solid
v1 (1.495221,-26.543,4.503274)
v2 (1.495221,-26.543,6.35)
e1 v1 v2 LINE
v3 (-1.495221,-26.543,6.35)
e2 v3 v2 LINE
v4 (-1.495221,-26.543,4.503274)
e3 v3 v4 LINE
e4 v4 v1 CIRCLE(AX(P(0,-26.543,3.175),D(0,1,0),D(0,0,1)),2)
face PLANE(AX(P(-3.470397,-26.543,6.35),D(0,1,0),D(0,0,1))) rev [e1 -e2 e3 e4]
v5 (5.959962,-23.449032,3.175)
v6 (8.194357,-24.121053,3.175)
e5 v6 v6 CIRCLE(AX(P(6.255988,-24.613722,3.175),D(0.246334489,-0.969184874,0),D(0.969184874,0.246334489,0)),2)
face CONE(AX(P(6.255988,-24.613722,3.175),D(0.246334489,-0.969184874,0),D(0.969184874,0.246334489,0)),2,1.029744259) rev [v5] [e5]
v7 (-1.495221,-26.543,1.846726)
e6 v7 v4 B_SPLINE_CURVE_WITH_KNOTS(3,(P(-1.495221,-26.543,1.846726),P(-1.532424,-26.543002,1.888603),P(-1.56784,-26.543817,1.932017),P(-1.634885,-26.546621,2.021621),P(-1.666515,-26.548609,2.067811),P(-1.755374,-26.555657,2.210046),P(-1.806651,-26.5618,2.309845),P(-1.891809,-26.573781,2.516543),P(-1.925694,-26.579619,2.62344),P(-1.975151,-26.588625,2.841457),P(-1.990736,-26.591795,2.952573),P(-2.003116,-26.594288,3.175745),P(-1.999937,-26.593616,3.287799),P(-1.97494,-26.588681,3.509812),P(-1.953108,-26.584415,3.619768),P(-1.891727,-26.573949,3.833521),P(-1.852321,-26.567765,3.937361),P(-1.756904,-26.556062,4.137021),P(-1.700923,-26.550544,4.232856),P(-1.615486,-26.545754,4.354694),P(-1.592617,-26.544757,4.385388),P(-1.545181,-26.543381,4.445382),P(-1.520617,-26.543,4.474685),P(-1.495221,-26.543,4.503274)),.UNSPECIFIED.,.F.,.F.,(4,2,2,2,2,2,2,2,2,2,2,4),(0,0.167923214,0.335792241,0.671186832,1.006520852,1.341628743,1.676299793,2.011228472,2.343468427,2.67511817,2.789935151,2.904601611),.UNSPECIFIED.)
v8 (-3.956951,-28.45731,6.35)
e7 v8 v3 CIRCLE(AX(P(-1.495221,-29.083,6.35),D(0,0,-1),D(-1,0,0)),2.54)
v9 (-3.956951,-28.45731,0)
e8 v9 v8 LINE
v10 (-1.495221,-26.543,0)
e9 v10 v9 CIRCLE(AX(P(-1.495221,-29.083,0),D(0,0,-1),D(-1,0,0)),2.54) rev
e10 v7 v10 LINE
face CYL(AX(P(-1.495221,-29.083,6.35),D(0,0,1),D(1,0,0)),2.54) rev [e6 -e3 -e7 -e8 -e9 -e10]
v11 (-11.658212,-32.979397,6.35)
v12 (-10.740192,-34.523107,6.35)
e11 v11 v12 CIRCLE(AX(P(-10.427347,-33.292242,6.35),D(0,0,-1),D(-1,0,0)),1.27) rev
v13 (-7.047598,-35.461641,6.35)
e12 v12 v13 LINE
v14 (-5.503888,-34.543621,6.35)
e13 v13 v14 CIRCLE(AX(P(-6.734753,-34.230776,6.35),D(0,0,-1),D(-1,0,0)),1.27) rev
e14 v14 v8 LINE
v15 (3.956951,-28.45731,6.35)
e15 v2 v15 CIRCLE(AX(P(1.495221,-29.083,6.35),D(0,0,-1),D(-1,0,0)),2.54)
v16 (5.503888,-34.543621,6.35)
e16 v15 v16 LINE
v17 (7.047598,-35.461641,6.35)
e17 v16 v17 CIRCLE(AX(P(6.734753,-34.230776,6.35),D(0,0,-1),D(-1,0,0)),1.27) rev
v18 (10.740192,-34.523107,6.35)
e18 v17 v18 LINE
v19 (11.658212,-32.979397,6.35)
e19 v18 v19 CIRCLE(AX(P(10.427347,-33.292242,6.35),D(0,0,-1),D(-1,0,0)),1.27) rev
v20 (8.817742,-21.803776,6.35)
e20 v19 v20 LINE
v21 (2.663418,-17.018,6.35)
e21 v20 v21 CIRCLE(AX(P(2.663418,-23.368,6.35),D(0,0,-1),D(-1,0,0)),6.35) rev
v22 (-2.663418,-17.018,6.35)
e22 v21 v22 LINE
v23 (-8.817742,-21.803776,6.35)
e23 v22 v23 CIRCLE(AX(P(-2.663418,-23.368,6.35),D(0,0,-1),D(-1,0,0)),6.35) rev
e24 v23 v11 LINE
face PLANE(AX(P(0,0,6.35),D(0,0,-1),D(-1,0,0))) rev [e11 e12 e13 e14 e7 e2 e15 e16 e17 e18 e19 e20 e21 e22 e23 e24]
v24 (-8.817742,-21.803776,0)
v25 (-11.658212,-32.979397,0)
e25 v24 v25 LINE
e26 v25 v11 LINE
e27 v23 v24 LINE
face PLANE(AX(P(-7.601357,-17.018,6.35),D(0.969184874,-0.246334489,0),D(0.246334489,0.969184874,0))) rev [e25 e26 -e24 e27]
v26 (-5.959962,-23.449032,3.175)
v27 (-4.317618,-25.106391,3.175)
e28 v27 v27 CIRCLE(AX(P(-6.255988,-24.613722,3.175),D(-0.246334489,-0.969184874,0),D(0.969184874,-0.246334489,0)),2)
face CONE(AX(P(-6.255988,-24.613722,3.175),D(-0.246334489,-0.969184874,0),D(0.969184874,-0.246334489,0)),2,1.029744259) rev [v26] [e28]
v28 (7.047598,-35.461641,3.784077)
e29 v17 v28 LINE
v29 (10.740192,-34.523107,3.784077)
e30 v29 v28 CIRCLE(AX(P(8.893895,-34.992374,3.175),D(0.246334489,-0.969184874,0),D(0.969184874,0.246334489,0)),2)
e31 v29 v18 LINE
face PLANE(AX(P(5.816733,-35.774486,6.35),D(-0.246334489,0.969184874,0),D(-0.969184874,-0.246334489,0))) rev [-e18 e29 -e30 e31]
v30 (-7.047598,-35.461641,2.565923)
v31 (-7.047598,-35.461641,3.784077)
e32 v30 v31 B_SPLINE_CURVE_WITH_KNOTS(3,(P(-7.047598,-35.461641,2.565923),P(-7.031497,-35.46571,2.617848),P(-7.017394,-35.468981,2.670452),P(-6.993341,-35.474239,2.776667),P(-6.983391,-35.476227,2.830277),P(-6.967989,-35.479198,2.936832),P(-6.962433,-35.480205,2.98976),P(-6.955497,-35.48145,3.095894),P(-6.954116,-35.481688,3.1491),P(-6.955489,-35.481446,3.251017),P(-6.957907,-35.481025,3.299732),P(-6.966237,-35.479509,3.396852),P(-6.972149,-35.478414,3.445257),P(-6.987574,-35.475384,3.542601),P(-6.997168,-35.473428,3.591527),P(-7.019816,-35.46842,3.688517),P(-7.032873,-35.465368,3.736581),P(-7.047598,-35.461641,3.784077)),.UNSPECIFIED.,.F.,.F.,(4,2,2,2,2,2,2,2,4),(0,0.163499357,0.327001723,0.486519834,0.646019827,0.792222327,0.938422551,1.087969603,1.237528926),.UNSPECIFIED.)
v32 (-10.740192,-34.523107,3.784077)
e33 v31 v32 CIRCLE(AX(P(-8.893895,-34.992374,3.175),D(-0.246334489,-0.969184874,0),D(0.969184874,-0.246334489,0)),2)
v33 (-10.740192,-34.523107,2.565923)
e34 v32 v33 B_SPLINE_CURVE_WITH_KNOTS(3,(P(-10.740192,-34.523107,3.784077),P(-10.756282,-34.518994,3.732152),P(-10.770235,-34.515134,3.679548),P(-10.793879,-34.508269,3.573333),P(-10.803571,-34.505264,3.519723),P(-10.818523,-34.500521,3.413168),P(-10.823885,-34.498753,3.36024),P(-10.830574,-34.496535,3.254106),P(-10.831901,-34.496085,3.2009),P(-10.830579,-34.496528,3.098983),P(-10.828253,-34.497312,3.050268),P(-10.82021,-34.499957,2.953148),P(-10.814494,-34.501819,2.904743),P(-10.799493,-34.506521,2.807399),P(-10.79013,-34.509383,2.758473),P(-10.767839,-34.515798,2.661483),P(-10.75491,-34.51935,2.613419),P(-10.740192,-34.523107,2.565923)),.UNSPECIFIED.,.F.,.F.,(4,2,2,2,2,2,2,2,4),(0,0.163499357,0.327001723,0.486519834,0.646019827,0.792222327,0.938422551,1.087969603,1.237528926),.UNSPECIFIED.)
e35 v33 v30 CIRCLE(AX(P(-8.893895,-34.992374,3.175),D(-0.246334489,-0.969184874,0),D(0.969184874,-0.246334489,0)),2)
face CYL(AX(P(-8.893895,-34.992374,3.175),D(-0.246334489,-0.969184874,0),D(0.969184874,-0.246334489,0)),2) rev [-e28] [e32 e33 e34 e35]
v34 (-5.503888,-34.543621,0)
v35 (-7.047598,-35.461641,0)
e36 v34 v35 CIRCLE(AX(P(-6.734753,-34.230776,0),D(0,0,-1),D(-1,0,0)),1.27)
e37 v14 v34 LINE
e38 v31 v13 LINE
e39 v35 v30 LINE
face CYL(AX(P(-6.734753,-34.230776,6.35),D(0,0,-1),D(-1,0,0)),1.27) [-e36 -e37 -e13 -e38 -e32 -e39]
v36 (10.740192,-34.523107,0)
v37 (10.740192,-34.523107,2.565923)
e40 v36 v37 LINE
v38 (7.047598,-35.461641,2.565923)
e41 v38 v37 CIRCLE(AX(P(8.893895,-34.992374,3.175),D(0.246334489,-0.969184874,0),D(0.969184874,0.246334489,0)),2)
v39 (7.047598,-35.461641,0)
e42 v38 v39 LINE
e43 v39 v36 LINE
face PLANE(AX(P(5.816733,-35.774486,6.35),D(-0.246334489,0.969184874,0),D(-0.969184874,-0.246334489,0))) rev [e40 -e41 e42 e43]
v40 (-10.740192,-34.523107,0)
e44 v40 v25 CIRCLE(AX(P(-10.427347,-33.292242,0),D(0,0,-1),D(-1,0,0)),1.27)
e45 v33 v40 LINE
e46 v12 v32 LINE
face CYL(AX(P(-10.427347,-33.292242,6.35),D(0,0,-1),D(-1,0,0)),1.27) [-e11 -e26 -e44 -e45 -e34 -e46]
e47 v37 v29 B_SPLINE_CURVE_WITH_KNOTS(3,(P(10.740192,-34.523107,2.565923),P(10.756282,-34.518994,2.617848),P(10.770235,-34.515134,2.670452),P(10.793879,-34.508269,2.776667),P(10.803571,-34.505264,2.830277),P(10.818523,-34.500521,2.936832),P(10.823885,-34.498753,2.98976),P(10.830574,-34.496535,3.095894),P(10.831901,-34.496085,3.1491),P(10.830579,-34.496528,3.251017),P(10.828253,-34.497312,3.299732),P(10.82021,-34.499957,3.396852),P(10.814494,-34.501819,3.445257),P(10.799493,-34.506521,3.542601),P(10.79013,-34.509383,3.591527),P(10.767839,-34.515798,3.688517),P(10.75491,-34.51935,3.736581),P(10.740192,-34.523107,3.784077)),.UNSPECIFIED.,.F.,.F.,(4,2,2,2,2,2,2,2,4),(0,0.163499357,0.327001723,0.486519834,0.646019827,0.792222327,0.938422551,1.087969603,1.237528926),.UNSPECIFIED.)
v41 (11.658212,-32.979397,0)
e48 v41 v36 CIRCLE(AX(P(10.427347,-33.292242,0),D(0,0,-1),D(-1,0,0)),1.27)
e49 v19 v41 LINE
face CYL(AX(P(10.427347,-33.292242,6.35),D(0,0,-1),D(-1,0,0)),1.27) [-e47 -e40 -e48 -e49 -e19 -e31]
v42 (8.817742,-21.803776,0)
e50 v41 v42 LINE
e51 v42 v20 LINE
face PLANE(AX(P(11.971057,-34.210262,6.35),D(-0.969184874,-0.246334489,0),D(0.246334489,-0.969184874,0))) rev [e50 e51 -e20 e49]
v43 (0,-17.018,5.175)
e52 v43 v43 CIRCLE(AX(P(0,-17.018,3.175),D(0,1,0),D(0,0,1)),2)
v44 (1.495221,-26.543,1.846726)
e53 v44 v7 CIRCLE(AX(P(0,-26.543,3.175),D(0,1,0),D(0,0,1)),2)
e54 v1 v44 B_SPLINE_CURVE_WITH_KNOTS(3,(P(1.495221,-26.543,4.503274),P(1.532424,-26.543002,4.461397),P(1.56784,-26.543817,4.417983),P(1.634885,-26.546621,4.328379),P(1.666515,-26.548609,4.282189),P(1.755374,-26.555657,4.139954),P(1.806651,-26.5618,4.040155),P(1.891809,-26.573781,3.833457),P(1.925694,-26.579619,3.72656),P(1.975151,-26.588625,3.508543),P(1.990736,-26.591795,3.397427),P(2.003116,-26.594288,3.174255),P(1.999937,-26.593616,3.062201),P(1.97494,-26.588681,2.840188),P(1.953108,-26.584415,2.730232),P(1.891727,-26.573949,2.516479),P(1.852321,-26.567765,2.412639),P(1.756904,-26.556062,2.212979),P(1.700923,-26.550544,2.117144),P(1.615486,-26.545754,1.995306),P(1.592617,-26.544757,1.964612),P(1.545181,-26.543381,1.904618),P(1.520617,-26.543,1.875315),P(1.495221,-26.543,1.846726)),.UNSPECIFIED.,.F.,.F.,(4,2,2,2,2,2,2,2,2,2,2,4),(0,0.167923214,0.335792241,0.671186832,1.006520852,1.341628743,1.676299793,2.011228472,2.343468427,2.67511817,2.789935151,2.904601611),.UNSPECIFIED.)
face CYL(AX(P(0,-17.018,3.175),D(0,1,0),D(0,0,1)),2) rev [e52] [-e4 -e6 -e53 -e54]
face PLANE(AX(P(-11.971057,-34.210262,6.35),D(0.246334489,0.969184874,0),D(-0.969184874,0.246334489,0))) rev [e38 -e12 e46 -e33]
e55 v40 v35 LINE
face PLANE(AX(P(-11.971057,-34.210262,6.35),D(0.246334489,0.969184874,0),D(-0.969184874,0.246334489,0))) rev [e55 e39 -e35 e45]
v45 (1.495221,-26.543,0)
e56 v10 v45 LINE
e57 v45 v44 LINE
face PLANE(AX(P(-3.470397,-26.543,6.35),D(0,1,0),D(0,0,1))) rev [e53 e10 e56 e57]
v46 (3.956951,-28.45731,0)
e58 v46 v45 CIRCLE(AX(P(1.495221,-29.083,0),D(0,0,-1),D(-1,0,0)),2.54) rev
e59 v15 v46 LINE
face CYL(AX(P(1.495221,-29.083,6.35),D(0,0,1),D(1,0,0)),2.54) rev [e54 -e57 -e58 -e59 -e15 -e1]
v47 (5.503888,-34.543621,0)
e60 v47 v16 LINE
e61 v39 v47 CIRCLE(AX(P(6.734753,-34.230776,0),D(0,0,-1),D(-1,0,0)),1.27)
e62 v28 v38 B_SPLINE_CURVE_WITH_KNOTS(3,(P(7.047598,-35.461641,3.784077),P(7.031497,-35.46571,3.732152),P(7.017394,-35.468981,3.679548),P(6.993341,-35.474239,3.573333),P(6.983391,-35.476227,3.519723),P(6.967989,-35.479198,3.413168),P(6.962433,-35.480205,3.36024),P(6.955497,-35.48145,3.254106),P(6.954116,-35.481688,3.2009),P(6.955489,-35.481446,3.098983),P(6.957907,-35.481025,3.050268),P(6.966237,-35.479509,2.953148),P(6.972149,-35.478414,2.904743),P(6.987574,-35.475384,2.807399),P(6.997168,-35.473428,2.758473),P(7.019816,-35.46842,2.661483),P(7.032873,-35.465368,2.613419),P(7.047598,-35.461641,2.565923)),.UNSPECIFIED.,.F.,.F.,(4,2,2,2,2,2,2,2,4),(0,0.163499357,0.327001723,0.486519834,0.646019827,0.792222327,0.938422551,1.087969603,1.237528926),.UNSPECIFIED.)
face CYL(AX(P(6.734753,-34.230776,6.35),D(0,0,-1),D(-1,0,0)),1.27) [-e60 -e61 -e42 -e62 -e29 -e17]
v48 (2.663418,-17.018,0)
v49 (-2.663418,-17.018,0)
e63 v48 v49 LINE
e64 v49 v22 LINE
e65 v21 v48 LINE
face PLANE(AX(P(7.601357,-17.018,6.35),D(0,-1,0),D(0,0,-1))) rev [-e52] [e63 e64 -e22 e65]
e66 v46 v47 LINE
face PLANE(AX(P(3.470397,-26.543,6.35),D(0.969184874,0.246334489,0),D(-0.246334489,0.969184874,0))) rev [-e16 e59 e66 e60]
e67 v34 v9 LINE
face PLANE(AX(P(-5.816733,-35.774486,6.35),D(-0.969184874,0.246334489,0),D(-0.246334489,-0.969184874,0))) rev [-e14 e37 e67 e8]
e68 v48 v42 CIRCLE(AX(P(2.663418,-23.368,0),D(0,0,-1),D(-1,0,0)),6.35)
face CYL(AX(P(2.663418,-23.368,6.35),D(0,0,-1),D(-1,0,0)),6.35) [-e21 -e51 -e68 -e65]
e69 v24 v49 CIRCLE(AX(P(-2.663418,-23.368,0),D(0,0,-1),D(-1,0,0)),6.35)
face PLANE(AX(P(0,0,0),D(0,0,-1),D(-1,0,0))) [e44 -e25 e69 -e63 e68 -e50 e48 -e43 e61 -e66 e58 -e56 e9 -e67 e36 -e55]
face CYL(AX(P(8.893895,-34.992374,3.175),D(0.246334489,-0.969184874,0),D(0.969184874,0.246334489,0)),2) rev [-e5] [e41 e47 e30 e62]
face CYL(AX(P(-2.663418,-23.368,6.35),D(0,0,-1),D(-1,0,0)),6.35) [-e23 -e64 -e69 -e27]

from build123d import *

# Parameters (mm, degrees)
BOSS_EXTRUDE1_DEPTH                 = 6.35
FILLET1_R                           = 6.35
FILLET2_R                           = 2.54
FILLET3_R                           = 1.27
F_8_32_TAPPED_HOLE3_D               = 4
F_8_32_TAPPED_HOLE3_DEPTH           = 10.70864
F_8_32_TAPPED_HOLE3_TIP             = 1.201721238
F_8_32_TAPPED_HOLE3_ON_FACE_2_D     = 4
F_8_32_TAPPED_HOLE3_ON_FACE_2_DEPTH = 10.70864
F_8_32_TAPPED_HOLE3_ON_FACE_2_TIP   = 1.201721238
F_8_32_TAPPED_HOLE3_ON_FACE_3_D     = 4
F_8_32_TAPPED_HOLE3_ON_FACE_3_DEPTH = 10.70864
F_8_32_TAPPED_HOLE3_ON_FACE_3_TIP   = 1.201721238


with BuildPart() as part:
    # Sketch1 → Boss-Extrude1 (new body)
    with BuildSketch(Plane.XY):
        Polygon((-11.971057013, -34.21026192), (-5.816733064, -35.774485923), (-3.470397058, -26.543), (3.470397058, -26.543), (5.816733064, -35.774485923), (11.971057013, -34.21026192), (7.601357108, -17.018), (-7.601357108, -17.018), align=None)
    extrude(amount=BOSS_EXTRUDE1_DEPTH)

    # Fillet1
    fillet1_edges = [part.edges().sort_by_distance(p)[0] for p in [
        (-7.601357108, -17.018, 3.175),
        (7.601357108, -17.018, 3.175),
    ]]
    fillet(fillet1_edges, radius=FILLET1_R)

    # Fillet2
    fillet2_edges = [part.edges().sort_by_distance(p)[0] for p in [
        (3.470397058, -26.543, 3.175),
        (-3.470397058, -26.543, 3.175),
    ]]
    fillet(fillet2_edges, radius=FILLET2_R)

    # Fillet3
    fillet3_edges = [part.edges().sort_by_distance(p)[0] for p in [
        (-5.816733064, -35.774485923, 3.175),
        (-11.971057013, -34.21026192, 3.175),
        (11.971057013, -34.21026192, 3.175),
        (5.816733064, -35.774485923, 3.175),
    ]]
    fillet(fillet3_edges, radius=FILLET3_R)

    # #8-32 Tapped Hole3
    with Locations(Plane(origin=(-8.893895038, -34.992373921, 3.175), x_dir=(-0.969184873822, 0.246334488763, 0), z_dir=(-0.246334488763, -0.969184873822, 0))):
        with Locations((0, 0)):
            Hole(F_8_32_TAPPED_HOLE3_D / 2, depth=F_8_32_TAPPED_HOLE3_DEPTH)
            with Locations((0, 0, -(F_8_32_TAPPED_HOLE3_DEPTH + F_8_32_TAPPED_HOLE3_TIP / 2))):  # 118° drill point
                Cone(0, F_8_32_TAPPED_HOLE3_D / 2, F_8_32_TAPPED_HOLE3_TIP, mode=Mode.SUBTRACT)

    # #8-32 Tapped Hole3 on face 2
    with Locations(Plane(origin=(8.893895038, -34.992373921, 3.175), x_dir=(-0.969184998168, -0.246333999534, 0), z_dir=(0.246333999534, -0.969184998168, 0))):
        with Locations((0, 0)):
            Hole(F_8_32_TAPPED_HOLE3_ON_FACE_2_D / 2, depth=F_8_32_TAPPED_HOLE3_ON_FACE_2_DEPTH)
            with Locations((0, 0, -(F_8_32_TAPPED_HOLE3_ON_FACE_2_DEPTH + F_8_32_TAPPED_HOLE3_ON_FACE_2_TIP / 2))):  # 118° drill point
                Cone(0, F_8_32_TAPPED_HOLE3_ON_FACE_2_D / 2, F_8_32_TAPPED_HOLE3_ON_FACE_2_TIP, mode=Mode.SUBTRACT)

    # #8-32 Tapped Hole3 on face 3
    with Locations(Plane(origin=(0, -17.018, 3.175), x_dir=(0, 0, 1), z_dir=(0, 1, 0))):
        with Locations((0, 0)):
            Hole(F_8_32_TAPPED_HOLE3_ON_FACE_3_D / 2, depth=F_8_32_TAPPED_HOLE3_ON_FACE_3_DEPTH)
            with Locations((0, 0, -(F_8_32_TAPPED_HOLE3_ON_FACE_3_DEPTH + F_8_32_TAPPED_HOLE3_ON_FACE_3_TIP / 2))):  # 118° drill point
                Cone(0, F_8_32_TAPPED_HOLE3_ON_FACE_3_D / 2, F_8_32_TAPPED_HOLE3_ON_FACE_3_TIP, mode=Mode.SUBTRACT)


solid = part.part
